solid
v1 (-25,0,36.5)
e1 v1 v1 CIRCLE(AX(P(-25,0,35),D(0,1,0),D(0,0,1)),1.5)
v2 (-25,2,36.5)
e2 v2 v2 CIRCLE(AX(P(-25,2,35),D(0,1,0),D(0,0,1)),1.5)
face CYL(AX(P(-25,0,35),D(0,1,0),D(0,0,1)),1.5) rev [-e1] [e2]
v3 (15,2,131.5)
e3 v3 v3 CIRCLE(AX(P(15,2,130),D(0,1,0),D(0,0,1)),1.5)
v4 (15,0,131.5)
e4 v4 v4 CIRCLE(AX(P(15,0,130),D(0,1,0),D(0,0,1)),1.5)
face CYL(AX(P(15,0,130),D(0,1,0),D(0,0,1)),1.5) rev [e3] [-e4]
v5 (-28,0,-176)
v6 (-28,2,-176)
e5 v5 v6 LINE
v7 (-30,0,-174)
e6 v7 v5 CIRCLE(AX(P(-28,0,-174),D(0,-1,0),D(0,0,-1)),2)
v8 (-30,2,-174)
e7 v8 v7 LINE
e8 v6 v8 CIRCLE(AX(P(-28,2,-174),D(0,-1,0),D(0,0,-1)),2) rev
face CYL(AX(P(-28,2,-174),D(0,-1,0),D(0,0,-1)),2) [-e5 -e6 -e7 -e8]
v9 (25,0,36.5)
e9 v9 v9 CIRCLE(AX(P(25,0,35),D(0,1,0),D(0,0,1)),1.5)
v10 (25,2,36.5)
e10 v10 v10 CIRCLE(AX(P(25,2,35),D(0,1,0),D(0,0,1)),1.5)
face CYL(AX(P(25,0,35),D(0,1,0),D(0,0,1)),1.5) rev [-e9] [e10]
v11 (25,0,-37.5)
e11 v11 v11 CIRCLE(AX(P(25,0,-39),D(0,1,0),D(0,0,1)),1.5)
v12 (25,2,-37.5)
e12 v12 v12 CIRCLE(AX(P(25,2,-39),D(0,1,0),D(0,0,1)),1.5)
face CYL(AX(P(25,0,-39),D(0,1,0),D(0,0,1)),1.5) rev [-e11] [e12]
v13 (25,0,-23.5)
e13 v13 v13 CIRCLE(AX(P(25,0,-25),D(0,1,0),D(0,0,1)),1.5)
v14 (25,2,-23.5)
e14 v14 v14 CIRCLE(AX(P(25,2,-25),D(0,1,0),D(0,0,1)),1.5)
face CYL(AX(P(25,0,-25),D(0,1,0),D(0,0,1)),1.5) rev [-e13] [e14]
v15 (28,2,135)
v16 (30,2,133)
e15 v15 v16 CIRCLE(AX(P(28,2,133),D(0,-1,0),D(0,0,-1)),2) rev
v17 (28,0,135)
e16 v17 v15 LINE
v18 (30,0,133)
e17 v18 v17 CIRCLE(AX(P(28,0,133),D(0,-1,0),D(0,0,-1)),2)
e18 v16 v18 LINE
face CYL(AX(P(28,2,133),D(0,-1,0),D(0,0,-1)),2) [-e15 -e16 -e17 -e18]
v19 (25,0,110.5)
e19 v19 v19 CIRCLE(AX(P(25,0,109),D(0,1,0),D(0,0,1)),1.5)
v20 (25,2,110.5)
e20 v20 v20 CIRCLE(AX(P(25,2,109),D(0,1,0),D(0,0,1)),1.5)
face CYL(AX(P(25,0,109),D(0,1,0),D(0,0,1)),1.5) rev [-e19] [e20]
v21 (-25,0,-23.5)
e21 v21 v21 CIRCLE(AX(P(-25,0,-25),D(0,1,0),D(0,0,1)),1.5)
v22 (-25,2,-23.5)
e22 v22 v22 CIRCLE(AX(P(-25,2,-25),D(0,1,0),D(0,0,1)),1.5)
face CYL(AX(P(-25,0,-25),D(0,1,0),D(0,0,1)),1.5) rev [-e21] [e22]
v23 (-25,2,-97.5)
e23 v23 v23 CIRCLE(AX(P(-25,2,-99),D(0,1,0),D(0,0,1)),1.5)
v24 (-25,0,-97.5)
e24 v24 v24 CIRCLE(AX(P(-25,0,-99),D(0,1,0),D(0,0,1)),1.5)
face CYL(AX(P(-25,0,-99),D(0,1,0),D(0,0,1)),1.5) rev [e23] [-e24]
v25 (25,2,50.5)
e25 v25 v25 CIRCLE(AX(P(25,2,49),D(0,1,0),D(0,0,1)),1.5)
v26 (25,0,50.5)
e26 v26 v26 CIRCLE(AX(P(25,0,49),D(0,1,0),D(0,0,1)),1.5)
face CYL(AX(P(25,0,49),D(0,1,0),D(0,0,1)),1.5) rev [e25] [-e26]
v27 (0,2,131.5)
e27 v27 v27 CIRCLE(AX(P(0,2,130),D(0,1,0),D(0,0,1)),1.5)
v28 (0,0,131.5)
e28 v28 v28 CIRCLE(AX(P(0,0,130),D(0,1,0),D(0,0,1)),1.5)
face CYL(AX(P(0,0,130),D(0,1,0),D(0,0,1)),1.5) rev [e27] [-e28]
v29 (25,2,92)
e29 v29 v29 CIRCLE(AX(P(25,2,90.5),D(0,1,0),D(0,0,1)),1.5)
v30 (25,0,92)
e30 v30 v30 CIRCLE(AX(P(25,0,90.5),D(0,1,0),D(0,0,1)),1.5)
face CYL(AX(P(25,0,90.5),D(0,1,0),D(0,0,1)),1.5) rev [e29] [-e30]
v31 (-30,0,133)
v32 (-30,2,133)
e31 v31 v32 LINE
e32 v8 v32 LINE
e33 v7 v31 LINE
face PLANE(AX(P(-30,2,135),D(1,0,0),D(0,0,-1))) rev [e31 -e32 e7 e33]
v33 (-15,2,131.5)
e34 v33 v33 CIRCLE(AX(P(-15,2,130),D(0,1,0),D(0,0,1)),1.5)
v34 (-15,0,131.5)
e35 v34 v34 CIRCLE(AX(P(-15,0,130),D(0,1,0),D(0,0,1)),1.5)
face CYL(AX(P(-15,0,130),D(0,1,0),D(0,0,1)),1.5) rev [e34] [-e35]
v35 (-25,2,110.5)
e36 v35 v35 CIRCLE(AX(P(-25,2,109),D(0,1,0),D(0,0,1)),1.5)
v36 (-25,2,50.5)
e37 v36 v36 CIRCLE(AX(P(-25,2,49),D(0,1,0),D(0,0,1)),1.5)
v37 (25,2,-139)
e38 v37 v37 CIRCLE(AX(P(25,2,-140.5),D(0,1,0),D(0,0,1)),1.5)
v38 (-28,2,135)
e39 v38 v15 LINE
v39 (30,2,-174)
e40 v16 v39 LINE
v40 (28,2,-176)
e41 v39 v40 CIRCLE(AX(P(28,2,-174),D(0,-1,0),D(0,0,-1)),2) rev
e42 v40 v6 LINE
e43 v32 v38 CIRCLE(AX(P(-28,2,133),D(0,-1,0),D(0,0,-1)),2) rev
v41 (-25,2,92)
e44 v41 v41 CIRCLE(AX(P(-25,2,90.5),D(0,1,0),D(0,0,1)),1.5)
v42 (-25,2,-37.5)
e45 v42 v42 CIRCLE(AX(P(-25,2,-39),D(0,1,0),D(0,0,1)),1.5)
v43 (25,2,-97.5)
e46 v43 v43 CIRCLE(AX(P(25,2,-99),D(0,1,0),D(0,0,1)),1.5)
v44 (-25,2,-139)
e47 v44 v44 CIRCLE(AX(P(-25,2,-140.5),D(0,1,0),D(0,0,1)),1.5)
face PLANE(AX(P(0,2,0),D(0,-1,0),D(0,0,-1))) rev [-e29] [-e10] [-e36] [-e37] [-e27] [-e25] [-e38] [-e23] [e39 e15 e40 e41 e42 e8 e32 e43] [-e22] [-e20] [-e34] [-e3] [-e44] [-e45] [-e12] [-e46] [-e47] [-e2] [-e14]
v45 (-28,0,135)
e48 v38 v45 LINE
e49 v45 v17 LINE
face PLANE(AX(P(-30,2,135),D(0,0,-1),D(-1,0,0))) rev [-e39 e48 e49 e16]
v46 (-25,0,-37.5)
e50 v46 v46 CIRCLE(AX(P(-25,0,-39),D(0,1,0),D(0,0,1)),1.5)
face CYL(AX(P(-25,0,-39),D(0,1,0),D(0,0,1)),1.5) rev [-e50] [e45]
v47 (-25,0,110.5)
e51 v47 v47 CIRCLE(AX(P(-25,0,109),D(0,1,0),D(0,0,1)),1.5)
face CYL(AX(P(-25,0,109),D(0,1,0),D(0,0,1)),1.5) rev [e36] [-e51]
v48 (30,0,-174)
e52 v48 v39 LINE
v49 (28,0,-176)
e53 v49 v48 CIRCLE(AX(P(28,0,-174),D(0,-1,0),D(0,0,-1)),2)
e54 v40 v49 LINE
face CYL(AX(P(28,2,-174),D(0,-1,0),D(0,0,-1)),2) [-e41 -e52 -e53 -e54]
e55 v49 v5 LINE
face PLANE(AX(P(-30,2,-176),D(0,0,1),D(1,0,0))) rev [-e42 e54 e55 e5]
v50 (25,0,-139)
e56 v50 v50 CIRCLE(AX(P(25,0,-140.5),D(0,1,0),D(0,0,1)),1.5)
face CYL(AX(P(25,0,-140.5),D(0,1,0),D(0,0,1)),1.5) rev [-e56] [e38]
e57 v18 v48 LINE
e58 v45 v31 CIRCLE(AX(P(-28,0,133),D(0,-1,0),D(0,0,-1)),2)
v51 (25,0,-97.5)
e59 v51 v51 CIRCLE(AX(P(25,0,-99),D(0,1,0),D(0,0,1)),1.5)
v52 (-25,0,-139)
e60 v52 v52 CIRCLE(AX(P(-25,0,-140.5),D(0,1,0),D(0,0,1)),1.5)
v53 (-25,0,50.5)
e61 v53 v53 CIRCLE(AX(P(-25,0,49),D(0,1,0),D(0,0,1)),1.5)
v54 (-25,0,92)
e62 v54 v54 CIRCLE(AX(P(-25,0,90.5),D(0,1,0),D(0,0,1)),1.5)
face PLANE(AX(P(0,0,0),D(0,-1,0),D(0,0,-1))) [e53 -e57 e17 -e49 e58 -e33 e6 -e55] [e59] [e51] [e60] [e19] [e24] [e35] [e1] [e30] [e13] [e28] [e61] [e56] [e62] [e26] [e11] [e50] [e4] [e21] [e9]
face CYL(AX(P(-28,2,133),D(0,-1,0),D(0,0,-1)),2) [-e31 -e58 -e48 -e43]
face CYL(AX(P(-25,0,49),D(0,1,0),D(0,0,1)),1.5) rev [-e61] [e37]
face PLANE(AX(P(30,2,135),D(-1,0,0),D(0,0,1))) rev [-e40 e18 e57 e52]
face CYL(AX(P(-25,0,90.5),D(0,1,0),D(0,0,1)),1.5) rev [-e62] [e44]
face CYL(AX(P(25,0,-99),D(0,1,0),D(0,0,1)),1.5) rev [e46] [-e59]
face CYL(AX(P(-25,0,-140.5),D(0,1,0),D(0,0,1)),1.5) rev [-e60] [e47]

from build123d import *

# Parameters (mm, degrees)
SKETCH_1_W             = 60
SKETCH_1_H             = 311
EXTRUDE_892_DEPTH      = 2
SKETCH_5_R             = 1.5
CUT_EXTRUDE_1272_DEPTH = 179.549712965
SKETCH_3_R             = 1.5
CUT_EXTRUDE_1780_DEPTH = 179.549712965
SKETCH_8_R             = 1.5
CUT_EXTRUDE_2158_DEPTH = 179.549712965
FILLET_1_R             = 2


with BuildPart() as part:
    # эскиз 1 → Extrude 892 (new body)
    with BuildSketch(Plane(origin=(0, 0, 0), x_dir=(1, 0, 0), z_dir=(0, 1, 0))):
        with Locations((0, 20.5)):
            Rectangle(SKETCH_1_W, SKETCH_1_H)
    extrude(amount=EXTRUDE_892_DEPTH)

    # Эскиз5 → Cut-Extrude 1272 (cut, through all)
    with BuildSketch(Plane(origin=(0, 2, 0), x_dir=(1, 0, 0), z_dir=(0, 1, 0))):
        with Locations(Location((-25, 99, 0), (0, 0, 270))):
            Circle(SKETCH_5_R)
        with Locations(Location((25, 99, 0), (0, 0, 270))):
            Circle(SKETCH_5_R)
        with Locations(Location((25, 39, 0), (0, 0, 270))):
            Circle(SKETCH_5_R)
        with Locations(Location((-25, 39, 0), (0, 0, 270))):
            Circle(SKETCH_5_R)
        with Locations(Location((-25, 25, 0), (0, 0, 270))):
            Circle(SKETCH_5_R)
        with Locations(Location((25, 25, 0), (0, 0, 270))):
            Circle(SKETCH_5_R)
        with Locations(Location((-25, -35, 0), (0, 0, 270))):
            Circle(SKETCH_5_R)
        with Locations(Location((25, -35, 0), (0, 0, 270))):
            Circle(SKETCH_5_R)
        with Locations(Location((25, -49, 0), (0, 0, 270))):
            Circle(SKETCH_5_R)
        with Locations(Location((-25, -49, 0), (0, 0, 270))):
            Circle(SKETCH_5_R)
        with Locations(Location((25, -109, 0), (0, 0, 270))):
            Circle(SKETCH_5_R)
        with Locations(Location((-25, -109, 0), (0, 0, 270))):
            Circle(SKETCH_5_R)
    extrude(amount=-CUT_EXTRUDE_1272_DEPTH, mode=Mode.SUBTRACT)

    # эскиз 3 → Cut-Extrude 1780 (cut, through all)
    with BuildSketch(Plane(origin=(0, 2, 0), x_dir=(1, 0, 0), z_dir=(0, 1, 0))):
        with Locations(Location((-25, -90.5, 0), (0, 0, 270))):
            Circle(SKETCH_3_R)
        with Locations(Location((25, -90.5, 0), (0, 0, 270))):
            Circle(SKETCH_3_R)
        with Locations(Location((-25, 140.5, 0), (0, 0, 270))):
            Circle(SKETCH_3_R)
        with Locations(Location((25, 140.5, 0), (0, 0, 270))):
            Circle(SKETCH_3_R)
    extrude(amount=-CUT_EXTRUDE_1780_DEPTH, mode=Mode.SUBTRACT)

    # Эскиз8 → Cut-Extrude 2158 (cut, through all)
    with BuildSketch(Plane(origin=(0, 2, 0), x_dir=(1, 0, 0), z_dir=(0, 1, 0))):
        with Locations(Location((-15, -130, 0), (0, 0, 270))):
            Circle(SKETCH_8_R)
        with Locations(Location((15, -130, 0), (0, 0, 270))):
            Circle(SKETCH_8_R)
        with Locations(Location((0, -130, 0), (0, 0, 270))):
            Circle(SKETCH_8_R)
    extrude(amount=-CUT_EXTRUDE_2158_DEPTH, mode=Mode.SUBTRACT)

    # Скругление1
    fillet_1_edges = [part.edges().sort_by_distance(p)[0] for p in [
        (-30, 1, -176),
        (30, 1, -176),
        (30, 1, 135),
        (-30, 1, 135),
    ]]
    fillet(fillet_1_edges, radius=FILLET_1_R)


solid = part.part
